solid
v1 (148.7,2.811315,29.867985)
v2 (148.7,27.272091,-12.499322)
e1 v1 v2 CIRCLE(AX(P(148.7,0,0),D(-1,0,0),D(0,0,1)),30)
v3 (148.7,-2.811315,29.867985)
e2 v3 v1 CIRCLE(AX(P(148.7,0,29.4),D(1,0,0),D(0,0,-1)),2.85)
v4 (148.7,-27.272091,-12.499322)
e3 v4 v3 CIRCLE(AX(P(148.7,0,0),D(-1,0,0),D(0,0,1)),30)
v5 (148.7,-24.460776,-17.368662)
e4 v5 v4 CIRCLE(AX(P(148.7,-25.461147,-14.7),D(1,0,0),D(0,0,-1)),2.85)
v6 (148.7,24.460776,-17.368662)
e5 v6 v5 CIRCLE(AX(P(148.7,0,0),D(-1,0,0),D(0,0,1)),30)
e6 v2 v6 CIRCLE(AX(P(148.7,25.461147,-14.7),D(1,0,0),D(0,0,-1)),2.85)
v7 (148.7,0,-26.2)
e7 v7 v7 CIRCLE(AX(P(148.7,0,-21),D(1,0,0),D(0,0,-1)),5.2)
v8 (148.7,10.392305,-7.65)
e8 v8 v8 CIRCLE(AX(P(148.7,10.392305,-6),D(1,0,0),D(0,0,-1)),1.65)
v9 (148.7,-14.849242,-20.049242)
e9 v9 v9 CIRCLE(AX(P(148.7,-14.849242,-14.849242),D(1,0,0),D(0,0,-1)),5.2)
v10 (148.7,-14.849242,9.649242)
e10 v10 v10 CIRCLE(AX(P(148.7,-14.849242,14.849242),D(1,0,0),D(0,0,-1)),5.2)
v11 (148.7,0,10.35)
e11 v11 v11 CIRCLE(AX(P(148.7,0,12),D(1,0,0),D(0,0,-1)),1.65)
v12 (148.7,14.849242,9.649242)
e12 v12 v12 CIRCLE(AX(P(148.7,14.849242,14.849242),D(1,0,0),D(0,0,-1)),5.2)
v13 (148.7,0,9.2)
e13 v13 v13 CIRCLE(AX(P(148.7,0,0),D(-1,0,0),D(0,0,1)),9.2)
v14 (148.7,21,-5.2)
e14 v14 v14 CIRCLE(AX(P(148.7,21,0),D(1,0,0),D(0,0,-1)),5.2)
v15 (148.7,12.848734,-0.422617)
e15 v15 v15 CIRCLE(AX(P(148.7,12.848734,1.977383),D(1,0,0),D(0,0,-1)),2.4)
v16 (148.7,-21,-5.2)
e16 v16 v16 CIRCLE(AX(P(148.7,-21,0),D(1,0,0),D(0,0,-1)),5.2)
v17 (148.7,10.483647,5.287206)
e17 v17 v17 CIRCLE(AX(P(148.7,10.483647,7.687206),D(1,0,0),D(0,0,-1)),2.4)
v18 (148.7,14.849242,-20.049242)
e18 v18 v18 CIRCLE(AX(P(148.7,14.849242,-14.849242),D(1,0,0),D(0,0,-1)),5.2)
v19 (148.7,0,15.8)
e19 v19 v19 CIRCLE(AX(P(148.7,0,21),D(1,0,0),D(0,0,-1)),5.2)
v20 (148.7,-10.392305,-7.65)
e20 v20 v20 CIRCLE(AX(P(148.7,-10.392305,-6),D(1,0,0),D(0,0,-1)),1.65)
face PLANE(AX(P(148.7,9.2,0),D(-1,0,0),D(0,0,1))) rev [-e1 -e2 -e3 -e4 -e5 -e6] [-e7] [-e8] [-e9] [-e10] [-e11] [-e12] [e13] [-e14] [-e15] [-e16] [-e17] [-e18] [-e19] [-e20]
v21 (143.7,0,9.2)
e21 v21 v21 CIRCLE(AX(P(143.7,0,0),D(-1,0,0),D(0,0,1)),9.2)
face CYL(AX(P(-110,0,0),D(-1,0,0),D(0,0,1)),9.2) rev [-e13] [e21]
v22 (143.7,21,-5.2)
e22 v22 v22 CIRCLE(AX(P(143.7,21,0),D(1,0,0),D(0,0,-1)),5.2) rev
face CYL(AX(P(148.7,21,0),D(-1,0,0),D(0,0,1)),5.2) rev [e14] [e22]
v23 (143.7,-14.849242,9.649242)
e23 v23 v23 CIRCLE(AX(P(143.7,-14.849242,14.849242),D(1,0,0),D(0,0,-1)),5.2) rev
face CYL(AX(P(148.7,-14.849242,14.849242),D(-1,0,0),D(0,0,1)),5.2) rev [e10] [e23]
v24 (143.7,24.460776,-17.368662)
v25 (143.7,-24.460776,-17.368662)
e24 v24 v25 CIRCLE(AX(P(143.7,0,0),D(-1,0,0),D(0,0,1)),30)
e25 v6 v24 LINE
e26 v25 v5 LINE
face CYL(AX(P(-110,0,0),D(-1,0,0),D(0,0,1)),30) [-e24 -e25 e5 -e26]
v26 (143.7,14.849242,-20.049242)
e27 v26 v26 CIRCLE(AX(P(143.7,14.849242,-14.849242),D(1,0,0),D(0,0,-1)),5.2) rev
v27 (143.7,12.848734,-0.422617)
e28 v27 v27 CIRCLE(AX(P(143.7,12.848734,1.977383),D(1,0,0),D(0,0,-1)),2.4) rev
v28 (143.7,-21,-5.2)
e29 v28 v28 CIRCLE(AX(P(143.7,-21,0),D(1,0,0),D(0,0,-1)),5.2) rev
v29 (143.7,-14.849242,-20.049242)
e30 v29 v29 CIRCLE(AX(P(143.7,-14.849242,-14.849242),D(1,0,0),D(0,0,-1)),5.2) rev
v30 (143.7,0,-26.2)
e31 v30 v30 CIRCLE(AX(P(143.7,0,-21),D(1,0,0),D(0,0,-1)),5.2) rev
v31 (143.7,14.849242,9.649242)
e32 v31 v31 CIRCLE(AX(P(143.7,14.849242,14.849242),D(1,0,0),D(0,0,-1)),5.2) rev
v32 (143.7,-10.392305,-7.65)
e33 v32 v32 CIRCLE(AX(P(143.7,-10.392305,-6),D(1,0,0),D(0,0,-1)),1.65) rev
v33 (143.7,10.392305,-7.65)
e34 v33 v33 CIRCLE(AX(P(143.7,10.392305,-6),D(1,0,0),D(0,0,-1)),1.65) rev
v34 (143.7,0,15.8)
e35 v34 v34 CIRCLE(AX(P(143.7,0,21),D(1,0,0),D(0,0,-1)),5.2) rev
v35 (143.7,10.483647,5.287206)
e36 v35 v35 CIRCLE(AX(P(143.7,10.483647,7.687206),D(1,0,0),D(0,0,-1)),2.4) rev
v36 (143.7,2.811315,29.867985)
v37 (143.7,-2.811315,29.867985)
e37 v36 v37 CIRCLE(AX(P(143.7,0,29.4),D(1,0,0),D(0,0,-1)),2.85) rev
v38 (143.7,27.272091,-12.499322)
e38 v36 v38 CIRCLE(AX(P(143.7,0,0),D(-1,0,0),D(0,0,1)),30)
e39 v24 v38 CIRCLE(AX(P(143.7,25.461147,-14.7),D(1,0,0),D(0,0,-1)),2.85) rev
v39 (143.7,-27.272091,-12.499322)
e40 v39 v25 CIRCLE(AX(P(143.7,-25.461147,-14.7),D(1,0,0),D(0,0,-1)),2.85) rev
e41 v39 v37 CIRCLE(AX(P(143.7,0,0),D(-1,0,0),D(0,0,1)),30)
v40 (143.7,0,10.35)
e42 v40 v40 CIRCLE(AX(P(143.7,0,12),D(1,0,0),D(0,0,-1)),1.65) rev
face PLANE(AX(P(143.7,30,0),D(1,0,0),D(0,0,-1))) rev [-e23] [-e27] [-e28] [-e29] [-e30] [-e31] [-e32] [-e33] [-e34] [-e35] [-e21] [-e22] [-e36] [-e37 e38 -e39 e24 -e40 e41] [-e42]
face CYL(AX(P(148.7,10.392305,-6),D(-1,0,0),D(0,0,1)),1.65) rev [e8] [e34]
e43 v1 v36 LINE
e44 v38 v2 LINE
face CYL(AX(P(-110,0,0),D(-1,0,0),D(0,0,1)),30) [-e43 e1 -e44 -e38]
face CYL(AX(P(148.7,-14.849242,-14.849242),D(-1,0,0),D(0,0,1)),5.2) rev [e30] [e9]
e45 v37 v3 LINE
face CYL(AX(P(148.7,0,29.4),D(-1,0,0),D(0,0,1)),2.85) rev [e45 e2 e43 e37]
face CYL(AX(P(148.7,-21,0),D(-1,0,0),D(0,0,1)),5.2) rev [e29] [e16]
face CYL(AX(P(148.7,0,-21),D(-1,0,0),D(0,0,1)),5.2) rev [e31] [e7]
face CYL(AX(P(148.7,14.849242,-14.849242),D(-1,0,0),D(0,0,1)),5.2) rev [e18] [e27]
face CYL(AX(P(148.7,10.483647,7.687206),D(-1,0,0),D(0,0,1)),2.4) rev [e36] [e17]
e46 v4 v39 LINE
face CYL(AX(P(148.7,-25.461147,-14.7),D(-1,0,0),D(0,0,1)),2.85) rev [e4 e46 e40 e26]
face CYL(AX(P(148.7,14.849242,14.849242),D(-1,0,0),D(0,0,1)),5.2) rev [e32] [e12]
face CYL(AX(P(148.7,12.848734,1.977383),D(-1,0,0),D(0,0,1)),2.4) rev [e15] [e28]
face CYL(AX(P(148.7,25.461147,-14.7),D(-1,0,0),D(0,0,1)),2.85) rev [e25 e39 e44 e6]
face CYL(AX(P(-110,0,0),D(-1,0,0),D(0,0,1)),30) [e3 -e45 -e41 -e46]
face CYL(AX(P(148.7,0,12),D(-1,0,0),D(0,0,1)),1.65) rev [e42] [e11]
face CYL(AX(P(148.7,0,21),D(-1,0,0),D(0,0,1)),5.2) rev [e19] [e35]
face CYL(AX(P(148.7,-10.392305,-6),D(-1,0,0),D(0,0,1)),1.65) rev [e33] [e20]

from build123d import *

# Parameters (mm, degrees)
AXIAL_PROFILE_MM_W     = 5
AXIAL_PROFILE_MM_H     = 20.8
AXIAL_HOLES_DEPTH      = 155.634051877
AXIAL_HOLES_DEPTH_BACK = 155.634051877
SKETCH2_R              = 5.2
SKETCH2_R_2            = 2.4
SKETCH2_R_3            = 1.65
SKETCH2_R_4            = 2.85


with BuildPart() as part:
    # Axial profile (mm) → Full revolution (revolve)
    with BuildSketch(Plane.XY, mode=Mode.PRIVATE) as full_revolution_sk:
        with Locations((146.2, 19.6)):
            Rectangle(AXIAL_PROFILE_MM_W, AXIAL_PROFILE_MM_H)
    revolve(full_revolution_sk.sketch.rotate(Axis((-110, 0, 0), (1, 0, 0)), 90), axis=Axis((-110, 0, 0), (1, 0, 0)))

    # Sketch2 → Axial holes (cut, two sides: drawn at the far end of the back side and taken through both)
    with BuildSketch(Plane(origin=(0, 0, 0), x_dir=(0, 0, -1), z_dir=(1, 0, 0)).offset(-AXIAL_HOLES_DEPTH_BACK)):
        with Locations((0, 21)):
            Circle(SKETCH2_R)
        with Locations((-14.849242405, 14.849242405)):
            Circle(SKETCH2_R)
        with Locations((-21, 0)):
            Circle(SKETCH2_R)
        with Locations((-14.849242405, -14.849242405)):
            Circle(SKETCH2_R)
        with Locations((0, -21)):
            Circle(SKETCH2_R)
        with Locations((14.849242405, -14.849242405)):
            Circle(SKETCH2_R)
        with Locations((21, 0)):
            Circle(SKETCH2_R)
        with Locations((14.849242405, 14.849242405)):
            Circle(SKETCH2_R)
        with Locations((-1.977382665, 12.848733704)):
            Circle(SKETCH2_R_2)
        with Locations((-7.687206041, 10.483647423)):
            Circle(SKETCH2_R_2)
        with Locations((-12, 0)):
            Circle(SKETCH2_R_3)
        with Locations((6, -10.392304845)):
            Circle(SKETCH2_R_3)
        with Locations((6, 10.392304845)):
            Circle(SKETCH2_R_3)
        with Locations((-29.4, 0)):
            Circle(SKETCH2_R_4)
        with Locations((14.7, -25.461146871)):
            Circle(SKETCH2_R_4)
        with Locations((14.7, 25.461146871)):
            Circle(SKETCH2_R_4)
    extrude(amount=AXIAL_HOLES_DEPTH + AXIAL_HOLES_DEPTH_BACK, mode=Mode.SUBTRACT)


solid = part.part
